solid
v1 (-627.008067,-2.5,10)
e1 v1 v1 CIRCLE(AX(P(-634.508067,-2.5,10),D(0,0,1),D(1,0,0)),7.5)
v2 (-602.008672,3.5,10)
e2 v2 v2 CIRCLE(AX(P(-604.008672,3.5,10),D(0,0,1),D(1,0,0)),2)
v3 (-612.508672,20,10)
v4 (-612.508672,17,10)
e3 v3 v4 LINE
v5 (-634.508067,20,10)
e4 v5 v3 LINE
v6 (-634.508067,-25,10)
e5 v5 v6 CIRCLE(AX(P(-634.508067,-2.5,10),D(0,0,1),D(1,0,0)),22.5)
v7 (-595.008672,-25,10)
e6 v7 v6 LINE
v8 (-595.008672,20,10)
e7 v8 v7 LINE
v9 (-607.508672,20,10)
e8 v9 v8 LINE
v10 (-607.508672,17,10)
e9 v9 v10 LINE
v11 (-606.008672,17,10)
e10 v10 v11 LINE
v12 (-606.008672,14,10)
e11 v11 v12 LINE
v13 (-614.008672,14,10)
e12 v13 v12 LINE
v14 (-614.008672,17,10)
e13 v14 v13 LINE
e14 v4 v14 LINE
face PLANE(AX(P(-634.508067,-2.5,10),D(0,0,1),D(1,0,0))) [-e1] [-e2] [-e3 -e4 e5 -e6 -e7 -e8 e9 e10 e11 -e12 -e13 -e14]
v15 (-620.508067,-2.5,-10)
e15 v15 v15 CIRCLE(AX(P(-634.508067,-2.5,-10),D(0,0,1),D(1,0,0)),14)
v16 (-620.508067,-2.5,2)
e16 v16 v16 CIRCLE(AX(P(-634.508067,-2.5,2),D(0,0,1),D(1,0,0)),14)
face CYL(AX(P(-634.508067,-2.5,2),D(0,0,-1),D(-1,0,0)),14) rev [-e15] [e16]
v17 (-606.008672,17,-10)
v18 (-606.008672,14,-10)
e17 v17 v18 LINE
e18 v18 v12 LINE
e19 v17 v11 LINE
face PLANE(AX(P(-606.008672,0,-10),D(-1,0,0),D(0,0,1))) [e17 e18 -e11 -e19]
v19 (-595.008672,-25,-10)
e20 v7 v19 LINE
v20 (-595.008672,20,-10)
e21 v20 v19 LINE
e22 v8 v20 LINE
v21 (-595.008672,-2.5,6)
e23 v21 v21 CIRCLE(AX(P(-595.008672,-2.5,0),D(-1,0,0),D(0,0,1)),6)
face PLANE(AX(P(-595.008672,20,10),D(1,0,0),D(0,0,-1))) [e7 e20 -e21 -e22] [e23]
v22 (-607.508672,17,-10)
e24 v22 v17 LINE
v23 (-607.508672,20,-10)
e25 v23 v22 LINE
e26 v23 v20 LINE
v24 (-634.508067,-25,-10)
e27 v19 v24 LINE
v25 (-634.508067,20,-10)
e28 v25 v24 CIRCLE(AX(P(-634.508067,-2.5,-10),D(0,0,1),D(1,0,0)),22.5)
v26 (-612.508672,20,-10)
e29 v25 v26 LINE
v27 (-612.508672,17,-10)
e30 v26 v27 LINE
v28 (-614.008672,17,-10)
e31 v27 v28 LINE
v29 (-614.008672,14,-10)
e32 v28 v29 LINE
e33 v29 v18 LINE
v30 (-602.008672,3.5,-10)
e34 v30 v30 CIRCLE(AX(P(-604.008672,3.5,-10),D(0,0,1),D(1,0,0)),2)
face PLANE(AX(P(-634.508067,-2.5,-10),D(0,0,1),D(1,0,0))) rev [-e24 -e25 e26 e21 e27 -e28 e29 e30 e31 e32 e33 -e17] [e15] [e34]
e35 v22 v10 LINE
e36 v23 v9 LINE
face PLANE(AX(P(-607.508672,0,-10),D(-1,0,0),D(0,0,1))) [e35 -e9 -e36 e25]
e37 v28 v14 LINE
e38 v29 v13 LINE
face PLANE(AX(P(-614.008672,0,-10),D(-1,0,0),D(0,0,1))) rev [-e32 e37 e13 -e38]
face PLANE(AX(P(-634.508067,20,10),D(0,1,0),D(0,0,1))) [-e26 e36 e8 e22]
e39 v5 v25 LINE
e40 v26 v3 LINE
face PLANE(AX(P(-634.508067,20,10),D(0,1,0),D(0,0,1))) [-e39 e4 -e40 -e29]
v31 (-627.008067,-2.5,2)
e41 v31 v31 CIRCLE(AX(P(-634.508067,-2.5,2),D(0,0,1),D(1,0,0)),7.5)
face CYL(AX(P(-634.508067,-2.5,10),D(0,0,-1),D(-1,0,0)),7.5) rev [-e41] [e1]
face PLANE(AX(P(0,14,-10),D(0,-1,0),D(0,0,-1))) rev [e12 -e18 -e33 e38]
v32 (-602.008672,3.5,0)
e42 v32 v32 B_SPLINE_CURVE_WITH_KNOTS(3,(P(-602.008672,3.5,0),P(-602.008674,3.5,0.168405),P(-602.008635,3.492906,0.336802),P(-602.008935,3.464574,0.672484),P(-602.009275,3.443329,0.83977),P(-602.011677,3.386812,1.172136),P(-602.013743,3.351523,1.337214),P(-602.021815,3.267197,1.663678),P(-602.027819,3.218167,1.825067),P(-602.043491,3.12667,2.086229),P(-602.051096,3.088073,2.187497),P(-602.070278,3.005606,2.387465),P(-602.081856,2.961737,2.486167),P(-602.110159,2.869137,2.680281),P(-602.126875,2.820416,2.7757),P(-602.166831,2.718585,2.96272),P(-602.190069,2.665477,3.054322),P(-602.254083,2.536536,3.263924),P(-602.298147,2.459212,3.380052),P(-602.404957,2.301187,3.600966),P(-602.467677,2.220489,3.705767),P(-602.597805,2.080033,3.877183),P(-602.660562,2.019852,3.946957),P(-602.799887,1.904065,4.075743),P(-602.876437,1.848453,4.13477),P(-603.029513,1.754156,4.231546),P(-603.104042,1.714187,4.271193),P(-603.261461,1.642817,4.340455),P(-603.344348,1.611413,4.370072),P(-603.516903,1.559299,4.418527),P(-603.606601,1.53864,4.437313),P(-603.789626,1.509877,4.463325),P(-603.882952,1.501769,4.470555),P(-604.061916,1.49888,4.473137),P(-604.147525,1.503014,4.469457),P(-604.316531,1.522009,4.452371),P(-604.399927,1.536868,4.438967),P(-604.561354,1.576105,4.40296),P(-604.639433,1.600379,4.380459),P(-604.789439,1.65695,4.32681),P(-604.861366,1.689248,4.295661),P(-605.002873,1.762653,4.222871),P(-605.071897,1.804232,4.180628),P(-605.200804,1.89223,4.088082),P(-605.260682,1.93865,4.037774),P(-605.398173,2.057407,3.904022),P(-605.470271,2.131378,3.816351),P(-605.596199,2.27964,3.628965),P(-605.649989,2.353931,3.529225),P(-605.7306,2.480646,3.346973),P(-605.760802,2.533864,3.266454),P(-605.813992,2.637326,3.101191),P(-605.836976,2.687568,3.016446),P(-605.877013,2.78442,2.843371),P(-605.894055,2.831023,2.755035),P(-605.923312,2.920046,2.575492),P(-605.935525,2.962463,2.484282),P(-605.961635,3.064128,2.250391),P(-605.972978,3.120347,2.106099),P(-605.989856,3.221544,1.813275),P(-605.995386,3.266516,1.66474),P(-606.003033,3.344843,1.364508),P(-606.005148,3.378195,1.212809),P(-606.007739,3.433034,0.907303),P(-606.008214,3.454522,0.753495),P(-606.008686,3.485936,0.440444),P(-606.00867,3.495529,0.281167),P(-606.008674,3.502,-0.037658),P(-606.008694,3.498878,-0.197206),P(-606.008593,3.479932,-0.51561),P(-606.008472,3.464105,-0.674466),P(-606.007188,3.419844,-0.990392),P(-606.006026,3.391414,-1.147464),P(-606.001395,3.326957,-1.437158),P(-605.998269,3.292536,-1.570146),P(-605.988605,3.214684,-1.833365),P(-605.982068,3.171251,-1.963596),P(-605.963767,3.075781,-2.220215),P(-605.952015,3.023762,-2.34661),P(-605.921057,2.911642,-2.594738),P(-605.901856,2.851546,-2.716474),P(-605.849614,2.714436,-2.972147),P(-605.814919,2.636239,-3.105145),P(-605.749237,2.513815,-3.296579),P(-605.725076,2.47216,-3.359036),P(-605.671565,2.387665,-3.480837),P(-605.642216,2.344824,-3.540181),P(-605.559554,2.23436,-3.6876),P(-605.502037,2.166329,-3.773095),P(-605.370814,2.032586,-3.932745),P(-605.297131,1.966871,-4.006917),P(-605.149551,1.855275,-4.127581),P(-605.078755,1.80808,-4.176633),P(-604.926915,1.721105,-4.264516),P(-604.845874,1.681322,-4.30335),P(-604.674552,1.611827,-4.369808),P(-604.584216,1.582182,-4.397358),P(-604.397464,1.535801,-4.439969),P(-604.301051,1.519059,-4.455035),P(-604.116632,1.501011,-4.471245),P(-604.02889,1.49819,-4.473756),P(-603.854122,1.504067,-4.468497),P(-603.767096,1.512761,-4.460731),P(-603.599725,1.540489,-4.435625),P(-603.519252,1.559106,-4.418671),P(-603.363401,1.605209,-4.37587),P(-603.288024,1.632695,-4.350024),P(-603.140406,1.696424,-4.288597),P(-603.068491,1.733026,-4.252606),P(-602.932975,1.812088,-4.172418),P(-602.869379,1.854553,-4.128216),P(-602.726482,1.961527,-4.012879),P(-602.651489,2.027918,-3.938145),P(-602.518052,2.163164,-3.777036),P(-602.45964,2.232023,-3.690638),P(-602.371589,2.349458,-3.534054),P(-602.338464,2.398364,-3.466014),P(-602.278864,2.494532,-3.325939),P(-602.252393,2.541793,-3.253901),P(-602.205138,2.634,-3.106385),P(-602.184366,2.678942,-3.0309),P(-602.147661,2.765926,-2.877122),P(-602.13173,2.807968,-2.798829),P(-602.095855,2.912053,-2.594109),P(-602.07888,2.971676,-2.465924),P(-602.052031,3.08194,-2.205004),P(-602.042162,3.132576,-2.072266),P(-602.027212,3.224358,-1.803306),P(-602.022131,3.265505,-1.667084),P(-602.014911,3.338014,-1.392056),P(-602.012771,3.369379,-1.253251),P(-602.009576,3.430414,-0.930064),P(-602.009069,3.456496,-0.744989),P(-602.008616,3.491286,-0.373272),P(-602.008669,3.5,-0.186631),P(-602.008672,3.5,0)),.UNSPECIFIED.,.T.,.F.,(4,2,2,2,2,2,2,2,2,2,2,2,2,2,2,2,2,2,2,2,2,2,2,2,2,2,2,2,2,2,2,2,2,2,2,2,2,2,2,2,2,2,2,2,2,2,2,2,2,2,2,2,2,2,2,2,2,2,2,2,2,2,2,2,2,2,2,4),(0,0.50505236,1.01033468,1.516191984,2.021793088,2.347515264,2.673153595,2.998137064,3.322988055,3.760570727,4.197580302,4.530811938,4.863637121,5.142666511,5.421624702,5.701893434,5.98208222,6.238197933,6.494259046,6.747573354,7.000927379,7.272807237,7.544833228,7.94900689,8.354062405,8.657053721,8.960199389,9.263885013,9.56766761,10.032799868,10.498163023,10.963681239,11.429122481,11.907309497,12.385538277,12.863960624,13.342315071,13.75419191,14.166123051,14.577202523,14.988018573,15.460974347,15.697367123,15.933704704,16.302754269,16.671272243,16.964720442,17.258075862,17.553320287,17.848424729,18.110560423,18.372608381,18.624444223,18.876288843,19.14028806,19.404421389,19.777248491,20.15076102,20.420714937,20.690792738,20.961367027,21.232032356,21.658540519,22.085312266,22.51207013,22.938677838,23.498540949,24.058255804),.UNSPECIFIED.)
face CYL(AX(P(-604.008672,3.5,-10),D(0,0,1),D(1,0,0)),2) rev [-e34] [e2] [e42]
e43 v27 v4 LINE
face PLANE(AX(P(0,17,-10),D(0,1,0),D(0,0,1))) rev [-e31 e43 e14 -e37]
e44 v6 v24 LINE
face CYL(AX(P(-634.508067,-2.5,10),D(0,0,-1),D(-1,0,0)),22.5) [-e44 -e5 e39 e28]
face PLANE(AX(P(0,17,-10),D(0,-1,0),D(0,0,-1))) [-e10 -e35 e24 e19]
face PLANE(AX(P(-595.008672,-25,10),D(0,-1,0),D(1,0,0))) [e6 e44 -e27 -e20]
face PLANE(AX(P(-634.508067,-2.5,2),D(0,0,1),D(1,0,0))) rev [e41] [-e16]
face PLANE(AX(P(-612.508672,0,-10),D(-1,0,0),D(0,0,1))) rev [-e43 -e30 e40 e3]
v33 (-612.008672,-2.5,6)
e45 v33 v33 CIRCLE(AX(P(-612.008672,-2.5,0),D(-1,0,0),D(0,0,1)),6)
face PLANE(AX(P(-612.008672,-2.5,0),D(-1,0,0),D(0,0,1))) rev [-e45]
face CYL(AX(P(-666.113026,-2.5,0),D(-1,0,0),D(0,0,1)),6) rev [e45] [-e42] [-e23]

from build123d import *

# Parameters (mm, degrees)
ESQUISSE1_R                  = 7.5
BOSS_EXTRU_1_DEPTH           = 10
ESQUISSE1_3_W                = 17
ESQUISSE1_3_H                = 6
ENL_V_MAT_EXTRU_1_DEPTH      = 2
ENL_V_MAT_EXTRU_1_DEPTH_BACK = 10
ESQUISSE1_5_R                = 14
ENL_V_MAT_EXTRU_2_DEPTH      = 658.559578744
ENL_V_MAT_EXTRU_2_DEPTH_BACK = 658.559578744
ESQUISSE1_6_R                = 2
ENL_V_MAT_EXTRU_3_DEPTH      = 658.559578745
ENL_V_MAT_EXTRU_3_DEPTH_BACK = 658.559578745


with BuildPart() as part:
    # Esquisse1 → Boss.-Extru.1 (new, symmetric)
    with BuildSketch(Plane.XY):
        with BuildLine():
            Line((-634.508066615, 20), (-595.008671928, 20))
            Line((-595.008671928, 20), (-595.008671928, -25))
            Line((-595.008671928, -25), (-634.508066615, -25))
            ThreePointArc((-634.508066615, -25), (-657.008066615, -2.5), (-634.508066615, 20))
        make_face()
        with Locations((-634.508066615, -2.5)):
            Circle(ESQUISSE1_R, mode=Mode.SUBTRACT)
    extrude(amount=BOSS_EXTRU_1_DEPTH, both=True)

    # Esquisse1<3> → Enlèvement de matière-Révolution1 (revolve, cut)
    with BuildSketch(Plane.XY):
        with Locations((-603.508671928, 0.5)):
            Rectangle(ESQUISSE1_3_W, ESQUISSE1_3_H)
    revolve(axis=Axis((-666.113025571, -2.5, 0), (1, 0, 0)), mode=Mode.SUBTRACT)

    # Esquisse1<5> → Enlèv. mat.-Extru.1 (cut, two sides: drawn at the far end of the back side and taken through both)
    with BuildSketch(Plane.XY.offset(-ENL_V_MAT_EXTRU_1_DEPTH_BACK)):
        with Locations((-634.508066615, -2.5)):
            Circle(ESQUISSE1_5_R)
    extrude(amount=ENL_V_MAT_EXTRU_1_DEPTH + ENL_V_MAT_EXTRU_1_DEPTH_BACK, mode=Mode.SUBTRACT)

    # Esquisse1<6> → Enlèv. mat.-Extru.2 (cut, two sides: drawn at the far end of the back side and taken through both)
    with BuildSketch(Plane.XY.offset(-ENL_V_MAT_EXTRU_2_DEPTH_BACK)):
        with Locations((-604.008671928, 3.5)):
            Circle(ESQUISSE1_6_R)
    extrude(amount=ENL_V_MAT_EXTRU_2_DEPTH + ENL_V_MAT_EXTRU_2_DEPTH_BACK, mode=Mode.SUBTRACT)

    # Esquisse1<7> → Enlèv. mat.-Extru.3 (cut, two sides: drawn at the far end of the back side and taken through both)
    with BuildSketch(Plane.XY.offset(-ENL_V_MAT_EXTRU_3_DEPTH_BACK)):
        Polygon((-607.508671928, 20), (-612.508671928, 20), (-612.508671928, 17), (-614.008671928, 17), (-614.008671928, 14), (-606.008671928, 14), (-606.008671928, 17), (-607.508671928, 17), align=None)
    extrude(amount=ENL_V_MAT_EXTRU_3_DEPTH + ENL_V_MAT_EXTRU_3_DEPTH_BACK, mode=Mode.SUBTRACT)


solid = part.part
